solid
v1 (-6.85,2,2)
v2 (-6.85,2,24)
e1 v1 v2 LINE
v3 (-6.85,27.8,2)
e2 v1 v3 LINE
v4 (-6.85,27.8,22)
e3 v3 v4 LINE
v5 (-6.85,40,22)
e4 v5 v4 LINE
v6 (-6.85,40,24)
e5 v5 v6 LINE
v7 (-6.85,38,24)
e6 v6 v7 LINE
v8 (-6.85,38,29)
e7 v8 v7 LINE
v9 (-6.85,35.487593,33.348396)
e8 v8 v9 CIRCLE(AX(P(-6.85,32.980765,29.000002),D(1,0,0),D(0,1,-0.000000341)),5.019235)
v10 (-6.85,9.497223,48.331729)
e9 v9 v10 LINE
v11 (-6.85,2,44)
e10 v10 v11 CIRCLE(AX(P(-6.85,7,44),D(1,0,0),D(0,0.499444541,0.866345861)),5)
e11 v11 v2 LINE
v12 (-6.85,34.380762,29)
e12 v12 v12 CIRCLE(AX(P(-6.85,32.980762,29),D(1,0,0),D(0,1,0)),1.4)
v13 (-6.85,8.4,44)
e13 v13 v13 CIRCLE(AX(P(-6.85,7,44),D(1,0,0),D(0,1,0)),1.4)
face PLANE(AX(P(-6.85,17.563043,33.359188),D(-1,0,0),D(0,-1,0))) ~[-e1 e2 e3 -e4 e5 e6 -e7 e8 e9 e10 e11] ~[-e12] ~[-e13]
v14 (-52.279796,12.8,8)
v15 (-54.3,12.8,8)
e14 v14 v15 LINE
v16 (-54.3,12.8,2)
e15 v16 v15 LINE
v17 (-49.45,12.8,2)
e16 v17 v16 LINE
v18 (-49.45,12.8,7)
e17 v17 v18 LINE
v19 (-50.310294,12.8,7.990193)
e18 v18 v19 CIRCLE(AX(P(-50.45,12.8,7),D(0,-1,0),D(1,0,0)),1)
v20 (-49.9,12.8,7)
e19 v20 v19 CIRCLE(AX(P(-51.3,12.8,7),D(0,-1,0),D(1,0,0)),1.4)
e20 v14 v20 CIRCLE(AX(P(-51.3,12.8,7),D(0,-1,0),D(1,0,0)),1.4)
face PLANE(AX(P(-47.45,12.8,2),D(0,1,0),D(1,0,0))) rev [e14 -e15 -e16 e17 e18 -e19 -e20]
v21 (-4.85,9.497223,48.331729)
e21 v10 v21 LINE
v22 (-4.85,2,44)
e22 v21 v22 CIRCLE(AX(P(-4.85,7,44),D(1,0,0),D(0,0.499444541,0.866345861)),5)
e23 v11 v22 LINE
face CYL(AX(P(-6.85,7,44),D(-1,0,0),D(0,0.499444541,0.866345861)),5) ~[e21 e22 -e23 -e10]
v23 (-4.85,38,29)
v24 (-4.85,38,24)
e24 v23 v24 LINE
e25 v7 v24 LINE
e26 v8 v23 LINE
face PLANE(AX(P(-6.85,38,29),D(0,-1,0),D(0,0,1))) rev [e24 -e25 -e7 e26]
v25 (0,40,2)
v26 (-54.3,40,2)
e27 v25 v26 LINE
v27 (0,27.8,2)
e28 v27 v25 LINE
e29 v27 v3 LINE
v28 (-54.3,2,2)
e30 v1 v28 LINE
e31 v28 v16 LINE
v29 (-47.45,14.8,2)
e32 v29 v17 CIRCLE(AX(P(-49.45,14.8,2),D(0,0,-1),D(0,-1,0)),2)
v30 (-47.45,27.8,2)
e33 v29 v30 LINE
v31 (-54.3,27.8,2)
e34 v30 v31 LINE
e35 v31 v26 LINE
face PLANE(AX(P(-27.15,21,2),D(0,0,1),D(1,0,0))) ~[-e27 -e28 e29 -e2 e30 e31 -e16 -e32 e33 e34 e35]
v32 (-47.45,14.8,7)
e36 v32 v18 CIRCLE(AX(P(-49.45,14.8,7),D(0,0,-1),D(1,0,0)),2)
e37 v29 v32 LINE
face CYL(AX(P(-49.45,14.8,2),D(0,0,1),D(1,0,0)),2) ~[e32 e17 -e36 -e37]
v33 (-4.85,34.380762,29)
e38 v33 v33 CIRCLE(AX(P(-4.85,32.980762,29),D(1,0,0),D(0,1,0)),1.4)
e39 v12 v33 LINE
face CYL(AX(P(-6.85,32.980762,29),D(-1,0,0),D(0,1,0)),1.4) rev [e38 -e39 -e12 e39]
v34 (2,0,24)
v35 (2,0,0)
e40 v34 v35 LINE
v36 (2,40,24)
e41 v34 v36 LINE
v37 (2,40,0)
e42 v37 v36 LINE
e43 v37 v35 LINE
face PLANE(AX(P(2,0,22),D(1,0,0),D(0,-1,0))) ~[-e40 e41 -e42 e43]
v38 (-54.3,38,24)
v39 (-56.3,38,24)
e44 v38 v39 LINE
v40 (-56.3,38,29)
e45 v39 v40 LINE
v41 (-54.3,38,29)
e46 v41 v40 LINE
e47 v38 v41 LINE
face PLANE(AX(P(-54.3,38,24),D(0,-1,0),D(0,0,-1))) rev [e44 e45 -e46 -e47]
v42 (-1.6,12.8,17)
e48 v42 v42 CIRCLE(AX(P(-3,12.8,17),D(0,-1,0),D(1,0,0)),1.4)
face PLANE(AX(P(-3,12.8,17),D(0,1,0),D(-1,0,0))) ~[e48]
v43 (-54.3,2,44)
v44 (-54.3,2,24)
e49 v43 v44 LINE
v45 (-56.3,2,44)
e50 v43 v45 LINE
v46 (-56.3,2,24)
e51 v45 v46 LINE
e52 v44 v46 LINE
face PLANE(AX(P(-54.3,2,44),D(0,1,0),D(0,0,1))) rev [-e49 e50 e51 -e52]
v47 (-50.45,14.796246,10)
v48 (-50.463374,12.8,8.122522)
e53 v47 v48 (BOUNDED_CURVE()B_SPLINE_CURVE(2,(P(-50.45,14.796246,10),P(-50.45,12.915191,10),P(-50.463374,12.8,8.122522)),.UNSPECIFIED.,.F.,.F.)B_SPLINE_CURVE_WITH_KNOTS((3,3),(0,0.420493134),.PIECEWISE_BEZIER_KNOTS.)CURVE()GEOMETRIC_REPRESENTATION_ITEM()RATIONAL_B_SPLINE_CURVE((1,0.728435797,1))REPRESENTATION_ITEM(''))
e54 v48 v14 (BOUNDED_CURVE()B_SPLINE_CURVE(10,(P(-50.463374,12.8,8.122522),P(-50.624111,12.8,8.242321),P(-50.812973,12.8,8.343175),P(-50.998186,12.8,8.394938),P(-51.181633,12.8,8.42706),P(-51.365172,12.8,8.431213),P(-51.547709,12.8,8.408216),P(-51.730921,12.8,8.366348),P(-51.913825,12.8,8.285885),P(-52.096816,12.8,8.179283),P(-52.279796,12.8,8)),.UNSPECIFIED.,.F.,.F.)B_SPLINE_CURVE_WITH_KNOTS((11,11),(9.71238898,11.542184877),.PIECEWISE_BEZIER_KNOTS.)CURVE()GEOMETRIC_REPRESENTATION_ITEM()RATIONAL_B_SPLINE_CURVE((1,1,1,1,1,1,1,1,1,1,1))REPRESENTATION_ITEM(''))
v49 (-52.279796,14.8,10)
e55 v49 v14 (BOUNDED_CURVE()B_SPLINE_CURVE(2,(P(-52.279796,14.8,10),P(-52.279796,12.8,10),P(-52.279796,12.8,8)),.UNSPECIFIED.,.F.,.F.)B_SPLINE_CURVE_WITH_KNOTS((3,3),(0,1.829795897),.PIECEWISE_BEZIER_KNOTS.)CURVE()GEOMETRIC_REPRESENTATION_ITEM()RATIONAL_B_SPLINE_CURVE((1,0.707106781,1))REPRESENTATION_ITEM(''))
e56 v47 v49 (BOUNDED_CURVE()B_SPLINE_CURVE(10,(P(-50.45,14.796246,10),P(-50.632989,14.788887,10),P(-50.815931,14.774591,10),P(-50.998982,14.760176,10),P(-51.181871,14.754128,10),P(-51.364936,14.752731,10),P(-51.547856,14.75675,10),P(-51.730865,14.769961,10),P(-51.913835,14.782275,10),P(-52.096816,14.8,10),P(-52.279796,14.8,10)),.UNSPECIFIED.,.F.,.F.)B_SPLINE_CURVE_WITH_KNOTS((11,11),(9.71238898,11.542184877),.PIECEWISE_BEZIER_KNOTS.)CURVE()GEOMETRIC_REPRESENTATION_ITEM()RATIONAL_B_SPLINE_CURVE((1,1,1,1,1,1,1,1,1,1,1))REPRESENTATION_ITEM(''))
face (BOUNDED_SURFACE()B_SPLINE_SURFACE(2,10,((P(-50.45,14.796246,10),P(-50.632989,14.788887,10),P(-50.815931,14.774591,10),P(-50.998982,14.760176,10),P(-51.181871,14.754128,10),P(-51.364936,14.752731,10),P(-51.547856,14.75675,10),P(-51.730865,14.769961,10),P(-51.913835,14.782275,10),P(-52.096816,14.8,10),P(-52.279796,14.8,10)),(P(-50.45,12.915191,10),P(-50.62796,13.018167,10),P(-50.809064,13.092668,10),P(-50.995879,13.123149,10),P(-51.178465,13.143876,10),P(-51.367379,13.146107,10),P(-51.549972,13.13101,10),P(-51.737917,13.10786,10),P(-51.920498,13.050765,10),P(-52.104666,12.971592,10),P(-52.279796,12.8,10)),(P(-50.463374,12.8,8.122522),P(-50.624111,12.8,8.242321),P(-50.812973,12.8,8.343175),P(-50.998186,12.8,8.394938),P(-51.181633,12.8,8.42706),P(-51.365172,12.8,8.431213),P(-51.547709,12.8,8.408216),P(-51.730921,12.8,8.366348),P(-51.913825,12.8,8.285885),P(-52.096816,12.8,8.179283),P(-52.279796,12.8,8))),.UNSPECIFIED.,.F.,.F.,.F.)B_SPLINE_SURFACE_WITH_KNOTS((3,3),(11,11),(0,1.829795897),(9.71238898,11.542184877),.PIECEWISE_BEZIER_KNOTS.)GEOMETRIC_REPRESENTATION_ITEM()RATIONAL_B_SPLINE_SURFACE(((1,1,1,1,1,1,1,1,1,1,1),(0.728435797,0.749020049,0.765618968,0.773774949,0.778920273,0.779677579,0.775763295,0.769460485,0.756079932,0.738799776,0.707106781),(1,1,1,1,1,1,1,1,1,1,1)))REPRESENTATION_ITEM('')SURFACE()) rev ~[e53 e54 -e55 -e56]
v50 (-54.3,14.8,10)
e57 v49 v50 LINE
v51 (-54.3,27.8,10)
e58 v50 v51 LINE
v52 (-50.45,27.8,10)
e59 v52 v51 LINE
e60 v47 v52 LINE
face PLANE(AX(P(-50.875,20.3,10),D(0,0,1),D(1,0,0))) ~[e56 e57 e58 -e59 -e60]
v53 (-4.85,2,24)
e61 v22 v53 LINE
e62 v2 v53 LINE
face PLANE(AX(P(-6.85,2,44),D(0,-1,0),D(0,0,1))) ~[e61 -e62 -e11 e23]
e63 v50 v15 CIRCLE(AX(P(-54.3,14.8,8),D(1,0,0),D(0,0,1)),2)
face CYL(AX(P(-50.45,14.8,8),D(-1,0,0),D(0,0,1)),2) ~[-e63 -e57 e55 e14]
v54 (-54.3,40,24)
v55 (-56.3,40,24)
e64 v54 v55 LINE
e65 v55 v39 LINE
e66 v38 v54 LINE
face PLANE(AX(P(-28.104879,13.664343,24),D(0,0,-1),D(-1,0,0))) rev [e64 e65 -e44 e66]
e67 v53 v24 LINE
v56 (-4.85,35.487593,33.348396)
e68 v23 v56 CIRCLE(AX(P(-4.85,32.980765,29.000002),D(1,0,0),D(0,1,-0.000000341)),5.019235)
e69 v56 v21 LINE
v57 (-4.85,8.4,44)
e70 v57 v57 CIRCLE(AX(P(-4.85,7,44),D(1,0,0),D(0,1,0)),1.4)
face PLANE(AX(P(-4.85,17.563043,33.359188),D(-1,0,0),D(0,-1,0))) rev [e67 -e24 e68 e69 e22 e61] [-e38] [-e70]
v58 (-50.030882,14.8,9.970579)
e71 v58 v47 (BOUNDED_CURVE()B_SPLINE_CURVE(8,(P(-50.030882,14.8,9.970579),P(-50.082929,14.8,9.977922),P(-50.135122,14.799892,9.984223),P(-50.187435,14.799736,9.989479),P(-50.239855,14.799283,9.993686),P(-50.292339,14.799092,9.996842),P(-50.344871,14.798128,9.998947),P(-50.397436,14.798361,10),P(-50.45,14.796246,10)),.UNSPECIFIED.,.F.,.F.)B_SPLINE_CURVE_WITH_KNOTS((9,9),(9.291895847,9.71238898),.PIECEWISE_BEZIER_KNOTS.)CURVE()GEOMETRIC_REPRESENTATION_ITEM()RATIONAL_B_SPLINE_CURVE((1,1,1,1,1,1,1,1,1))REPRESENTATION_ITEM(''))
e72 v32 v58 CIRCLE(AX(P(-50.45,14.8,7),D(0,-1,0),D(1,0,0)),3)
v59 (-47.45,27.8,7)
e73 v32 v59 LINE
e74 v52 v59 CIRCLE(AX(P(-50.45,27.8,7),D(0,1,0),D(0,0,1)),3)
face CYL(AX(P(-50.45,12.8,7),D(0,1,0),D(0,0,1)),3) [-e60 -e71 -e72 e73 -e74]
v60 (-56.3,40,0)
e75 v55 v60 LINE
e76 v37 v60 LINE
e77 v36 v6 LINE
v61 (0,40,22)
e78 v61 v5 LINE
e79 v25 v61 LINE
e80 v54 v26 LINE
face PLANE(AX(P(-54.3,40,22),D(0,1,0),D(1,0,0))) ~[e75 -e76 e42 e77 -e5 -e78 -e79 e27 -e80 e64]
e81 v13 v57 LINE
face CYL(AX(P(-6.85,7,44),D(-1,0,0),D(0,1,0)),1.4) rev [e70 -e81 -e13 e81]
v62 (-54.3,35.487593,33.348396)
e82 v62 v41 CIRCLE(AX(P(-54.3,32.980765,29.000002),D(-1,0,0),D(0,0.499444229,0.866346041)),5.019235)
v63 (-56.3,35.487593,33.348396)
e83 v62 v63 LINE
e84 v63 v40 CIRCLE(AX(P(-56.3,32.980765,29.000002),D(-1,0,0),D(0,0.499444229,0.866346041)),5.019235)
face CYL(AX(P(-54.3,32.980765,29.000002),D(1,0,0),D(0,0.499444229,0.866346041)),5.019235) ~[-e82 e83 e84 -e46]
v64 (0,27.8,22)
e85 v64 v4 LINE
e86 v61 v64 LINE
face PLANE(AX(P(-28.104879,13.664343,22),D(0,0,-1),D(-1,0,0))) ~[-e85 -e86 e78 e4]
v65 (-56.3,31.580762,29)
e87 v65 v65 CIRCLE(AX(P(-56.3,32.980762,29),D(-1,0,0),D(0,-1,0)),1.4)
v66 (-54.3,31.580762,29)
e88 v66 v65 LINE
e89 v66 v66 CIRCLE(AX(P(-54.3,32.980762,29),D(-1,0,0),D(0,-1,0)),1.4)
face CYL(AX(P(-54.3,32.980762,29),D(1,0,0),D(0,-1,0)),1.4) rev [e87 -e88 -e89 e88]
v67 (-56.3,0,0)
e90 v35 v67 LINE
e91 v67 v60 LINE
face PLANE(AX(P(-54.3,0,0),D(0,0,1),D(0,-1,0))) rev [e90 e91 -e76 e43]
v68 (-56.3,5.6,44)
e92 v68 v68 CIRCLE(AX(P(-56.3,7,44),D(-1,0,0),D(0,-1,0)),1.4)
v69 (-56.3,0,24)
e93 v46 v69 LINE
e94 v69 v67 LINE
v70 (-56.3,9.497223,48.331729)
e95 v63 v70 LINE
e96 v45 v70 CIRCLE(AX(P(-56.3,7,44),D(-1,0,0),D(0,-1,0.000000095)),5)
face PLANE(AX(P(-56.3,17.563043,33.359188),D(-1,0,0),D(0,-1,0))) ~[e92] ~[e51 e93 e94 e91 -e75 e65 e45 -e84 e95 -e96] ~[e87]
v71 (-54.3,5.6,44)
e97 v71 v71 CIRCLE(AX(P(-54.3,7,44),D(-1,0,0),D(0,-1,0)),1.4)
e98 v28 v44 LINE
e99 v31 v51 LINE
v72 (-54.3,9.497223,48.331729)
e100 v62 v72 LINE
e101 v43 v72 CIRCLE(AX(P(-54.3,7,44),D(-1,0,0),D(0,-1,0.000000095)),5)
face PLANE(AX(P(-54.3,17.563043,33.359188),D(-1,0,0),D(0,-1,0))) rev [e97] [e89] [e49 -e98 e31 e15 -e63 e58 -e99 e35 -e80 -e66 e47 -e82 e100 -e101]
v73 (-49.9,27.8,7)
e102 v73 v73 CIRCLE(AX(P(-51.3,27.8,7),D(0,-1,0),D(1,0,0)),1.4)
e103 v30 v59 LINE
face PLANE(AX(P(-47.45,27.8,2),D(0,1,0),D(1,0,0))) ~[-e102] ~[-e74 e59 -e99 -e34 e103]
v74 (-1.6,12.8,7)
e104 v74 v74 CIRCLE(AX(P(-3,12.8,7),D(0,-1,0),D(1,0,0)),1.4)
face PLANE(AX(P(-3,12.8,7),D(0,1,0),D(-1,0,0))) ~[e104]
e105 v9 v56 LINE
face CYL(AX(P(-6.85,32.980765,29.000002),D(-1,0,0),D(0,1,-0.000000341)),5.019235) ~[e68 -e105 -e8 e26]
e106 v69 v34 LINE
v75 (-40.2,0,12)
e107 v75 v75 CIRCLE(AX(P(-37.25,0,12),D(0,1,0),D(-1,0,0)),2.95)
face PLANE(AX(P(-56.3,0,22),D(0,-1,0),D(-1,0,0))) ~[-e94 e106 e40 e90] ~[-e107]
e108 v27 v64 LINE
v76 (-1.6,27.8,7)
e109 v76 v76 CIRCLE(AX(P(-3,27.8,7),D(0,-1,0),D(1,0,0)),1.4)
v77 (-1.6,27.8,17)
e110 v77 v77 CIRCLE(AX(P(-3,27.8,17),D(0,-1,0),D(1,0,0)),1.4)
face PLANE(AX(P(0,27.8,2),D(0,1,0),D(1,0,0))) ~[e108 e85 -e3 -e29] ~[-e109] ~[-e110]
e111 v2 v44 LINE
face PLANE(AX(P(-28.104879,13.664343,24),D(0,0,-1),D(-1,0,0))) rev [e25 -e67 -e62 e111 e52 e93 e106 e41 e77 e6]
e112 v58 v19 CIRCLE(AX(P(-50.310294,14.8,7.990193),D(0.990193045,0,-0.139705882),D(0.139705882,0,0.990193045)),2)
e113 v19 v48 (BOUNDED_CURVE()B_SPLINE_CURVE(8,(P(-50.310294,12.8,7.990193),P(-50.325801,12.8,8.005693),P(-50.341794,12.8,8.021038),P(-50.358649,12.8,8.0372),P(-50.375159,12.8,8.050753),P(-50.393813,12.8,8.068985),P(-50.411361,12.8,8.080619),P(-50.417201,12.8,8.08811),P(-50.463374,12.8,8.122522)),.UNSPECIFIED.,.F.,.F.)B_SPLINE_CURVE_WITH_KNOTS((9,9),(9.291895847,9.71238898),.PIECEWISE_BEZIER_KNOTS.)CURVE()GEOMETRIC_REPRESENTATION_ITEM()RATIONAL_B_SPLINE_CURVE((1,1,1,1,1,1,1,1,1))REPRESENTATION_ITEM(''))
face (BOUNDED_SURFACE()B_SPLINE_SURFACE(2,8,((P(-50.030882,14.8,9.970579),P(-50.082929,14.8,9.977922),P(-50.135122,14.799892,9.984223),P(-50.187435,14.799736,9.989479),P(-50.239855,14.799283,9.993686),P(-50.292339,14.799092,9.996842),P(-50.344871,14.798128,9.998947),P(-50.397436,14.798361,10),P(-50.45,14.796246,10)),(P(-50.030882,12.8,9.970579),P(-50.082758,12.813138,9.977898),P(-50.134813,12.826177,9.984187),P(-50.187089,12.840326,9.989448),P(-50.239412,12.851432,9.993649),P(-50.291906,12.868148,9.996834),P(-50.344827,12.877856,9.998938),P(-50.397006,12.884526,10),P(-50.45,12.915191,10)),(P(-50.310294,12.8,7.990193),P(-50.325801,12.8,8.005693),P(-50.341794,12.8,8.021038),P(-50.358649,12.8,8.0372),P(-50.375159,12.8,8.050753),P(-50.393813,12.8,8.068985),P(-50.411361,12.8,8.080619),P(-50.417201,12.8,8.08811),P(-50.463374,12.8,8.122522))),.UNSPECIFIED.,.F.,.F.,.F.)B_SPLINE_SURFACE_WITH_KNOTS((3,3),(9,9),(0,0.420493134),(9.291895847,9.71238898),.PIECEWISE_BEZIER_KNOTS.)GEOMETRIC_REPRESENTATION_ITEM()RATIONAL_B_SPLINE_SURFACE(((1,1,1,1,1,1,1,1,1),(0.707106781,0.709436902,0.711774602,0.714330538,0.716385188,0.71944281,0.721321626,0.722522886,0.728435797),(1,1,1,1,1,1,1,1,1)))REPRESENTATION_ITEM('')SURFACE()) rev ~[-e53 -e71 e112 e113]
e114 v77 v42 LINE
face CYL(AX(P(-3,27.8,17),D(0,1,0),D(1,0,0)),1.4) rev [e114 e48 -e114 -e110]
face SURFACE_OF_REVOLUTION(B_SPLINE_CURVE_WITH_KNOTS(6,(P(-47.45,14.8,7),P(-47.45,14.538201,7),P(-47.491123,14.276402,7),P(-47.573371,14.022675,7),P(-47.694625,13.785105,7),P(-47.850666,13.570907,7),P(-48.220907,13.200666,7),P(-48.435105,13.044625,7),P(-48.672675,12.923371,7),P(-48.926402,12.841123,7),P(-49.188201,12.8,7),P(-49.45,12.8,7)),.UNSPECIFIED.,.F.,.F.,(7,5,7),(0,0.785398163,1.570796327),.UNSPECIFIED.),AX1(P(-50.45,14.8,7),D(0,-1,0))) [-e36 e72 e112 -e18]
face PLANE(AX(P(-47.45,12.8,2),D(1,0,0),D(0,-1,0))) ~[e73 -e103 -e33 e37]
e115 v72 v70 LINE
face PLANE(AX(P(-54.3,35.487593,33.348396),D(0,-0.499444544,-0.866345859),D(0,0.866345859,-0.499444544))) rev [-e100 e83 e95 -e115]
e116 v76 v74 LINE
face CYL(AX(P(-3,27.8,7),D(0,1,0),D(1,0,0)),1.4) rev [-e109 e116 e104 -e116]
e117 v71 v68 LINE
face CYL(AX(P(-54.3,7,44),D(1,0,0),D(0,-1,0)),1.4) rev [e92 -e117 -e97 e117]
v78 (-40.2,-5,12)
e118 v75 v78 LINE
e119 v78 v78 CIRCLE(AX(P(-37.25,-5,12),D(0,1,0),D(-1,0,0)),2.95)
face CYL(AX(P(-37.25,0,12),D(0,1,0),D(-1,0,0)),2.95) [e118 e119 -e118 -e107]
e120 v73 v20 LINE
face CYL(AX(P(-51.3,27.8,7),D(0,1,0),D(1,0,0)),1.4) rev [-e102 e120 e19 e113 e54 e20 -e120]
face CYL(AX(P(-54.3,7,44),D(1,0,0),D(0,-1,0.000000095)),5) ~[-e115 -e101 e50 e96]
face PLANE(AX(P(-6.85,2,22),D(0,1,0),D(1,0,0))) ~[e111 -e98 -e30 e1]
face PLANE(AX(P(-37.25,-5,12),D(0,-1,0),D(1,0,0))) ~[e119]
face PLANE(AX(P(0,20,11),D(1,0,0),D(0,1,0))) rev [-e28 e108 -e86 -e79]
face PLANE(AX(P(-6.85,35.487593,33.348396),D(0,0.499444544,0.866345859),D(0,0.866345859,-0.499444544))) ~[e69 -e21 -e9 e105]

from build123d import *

# Parameters (mm, degrees)
SKETCH_W        = 54.3
SKETCH_H        = 38
PAD_DEPTH       = 2
SKETCH001_W     = 54.3
SKETCH001_H     = 2
PAD001_DEPTH    = 22
SKETCH002_R     = 2.95
PAD002_DEPTH    = 5
SKETCH003_W     = 40
SKETCH003_H     = 22
PAD003_DEPTH    = 2
SKETCH004_W     = 40
SKETCH004_H     = 22
PAD004_DEPTH    = 2
SKETCH005_W     = 6.85
SKETCH005_H     = 15
PAD005_DEPTH    = 8
SKETCH006_R     = 1.4
POCKET_DEPTH    = 15
FILLET_R        = 3
FILLET001_R     = 2
SKETCH007_W     = 6.85
SKETCH007_H     = 25.8
PAD006_DEPTH    = 20
SKETCH008_R     = 1.4
POCKET001_DEPTH = 15
PAD007_DEPTH    = 2
SKETCH010_R     = 1.4
PAD008_DEPTH    = 2
SKETCH011_R     = 1.4
PAD009_DEPTH    = 2


with BuildPart() as body:
    # Sketch → Pad (new body)
    with BuildSketch(Plane.XY):
        with Locations((27.15, 21)):
            Rectangle(SKETCH_W, SKETCH_H)
    extrude(amount=PAD_DEPTH)

    # Sketch001 → Pad001 (join)
    with BuildSketch(Plane.XY):
        with Locations((27.15, 1)):
            Rectangle(SKETCH001_W, SKETCH001_H)
    extrude(amount=PAD001_DEPTH)

    # Sketch002 → Pad002 (join)
    with BuildSketch(Plane.XZ):
        with Locations((37.25, 12)):
            Circle(SKETCH002_R)
    extrude(amount=PAD002_DEPTH)

    # Sketch003 (on Face2 of Pad002) → Pad003 (join)
    with BuildSketch(Plane(origin=(0, 0, 0), x_dir=(0, -1, 0), z_dir=(-1, 0, 0))):
        with Locations((-20, 11)):
            Rectangle(SKETCH003_W, SKETCH003_H)
    extrude(amount=PAD003_DEPTH)

    # Sketch004 (on Face3 of Pad003) → Pad004 (join)
    with BuildSketch(Plane.YZ.offset(54.3)):
        with Locations((20, 11)):
            Rectangle(SKETCH004_W, SKETCH004_H)
    extrude(amount=PAD004_DEPTH)

    # Sketch005 (on Face5 of Pad004) → Pad005 (join)
    with BuildSketch(Plane.XY.offset(2)):
        with Locations((50.875, 20.3)):
            Rectangle(SKETCH005_W, SKETCH005_H)
    extrude(amount=PAD005_DEPTH)

    # Sketch006 (on Face15 of Pad005) → Pocket (cut)
    with BuildSketch(Plane(origin=(0, 27.8, 0), x_dir=(-1, 0, 0), z_dir=(0, 1, 0))):
        with Locations((-51.3, 7)):
            Circle(SKETCH006_R)
    extrude(amount=-POCKET_DEPTH, mode=Mode.SUBTRACT)

    # Fillet
    fillet_edges = [body.edges().sort_by_distance(p)[0] for p in [
        (47.45, 20.3, 10),
    ]]
    fillet(fillet_edges, radius=FILLET_R)

    # Fillet001
    fillet001_edges = [body.edges().sort_by_distance(p)[0] for p in [
        (52.375, 12.8, 10),
    ]]
    fillet(fillet001_edges, radius=FILLET001_R)

    # Sketch007 (on Face5 of Fillet001) → Pad006 (join)
    with BuildSketch(Plane.XY.offset(2)):
        with Locations((3.425, 14.9)):
            Rectangle(SKETCH007_W, SKETCH007_H)
    extrude(amount=PAD006_DEPTH)

    # Sketch008 (on Face14 of Pad006) → Pocket001 (cut)
    with BuildSketch(Plane(origin=(0, 27.8, 0), x_dir=(-1, 0, 0), z_dir=(0, 1, 0))):
        with Locations((-3, 7)):
            Circle(SKETCH008_R)
        with Locations((-3, 17)):
            Circle(SKETCH008_R)
    extrude(amount=-POCKET001_DEPTH, mode=Mode.SUBTRACT)

    # Sketch009 (on Face21 of Pocket001) → Pad007 (join)
    with BuildSketch(Plane.XY.offset(22)):
        Polygon((54.3, 2), (54.3, 40), (56.3, 40), (56.3, 0), (-2, 0), (-2, 40), (6.85, 40), (6.85, 2), align=None)
    extrude(amount=PAD007_DEPTH)

    # Sketch010 (on Face22 of Pad007) → Pad008 (join)
    with BuildSketch(Plane.YZ.offset(6.85)):
        with BuildLine():
            Line((2, 24), (38, 24))
            Line((38, 29), (38, 24))
            ThreePointArc((38, 29), (37.326745, 31.511013), (35.487593, 33.348396))
            Line((35.487593, 33.348396), (9.497223, 48.331729))
            ThreePointArc((9.497223, 48.331729), (4.498612, 48.329325), (2, 44))
            Line((2, 44), (2, 24))
        make_face()
        with Locations((7, 44)):
            Circle(SKETCH010_R, mode=Mode.SUBTRACT)
        with Locations((32.980762, 29)):
            Circle(SKETCH010_R, mode=Mode.SUBTRACT)
    extrude(amount=-PAD008_DEPTH)

    # Sketch011 (on Face20 of Pad008) → Pad009 (join)
    with BuildSketch(Plane(origin=(54.3, 0, 0), x_dir=(0, -1, 0), z_dir=(-1, 0, 0))):
        with BuildLine():
            Line((-38, 24), (-38, 29))
            ThreePointArc((-35.487593, 33.348396), (-37.326745, 31.511013), (-38, 29))
            Line((-35.487593, 33.348396), (-9.497223, 48.331729))
            ThreePointArc((-2, 44), (-4.498612, 48.329325), (-9.497223, 48.331729))
            Line((-2, 44), (-2, 24))
            Line((-2, 24), (-38, 24))
        make_face()
        with Locations((-7, 44)):
            Circle(SKETCH011_R, mode=Mode.SUBTRACT)
        with Locations((-32.980762, 29)):
            Circle(SKETCH011_R, mode=Mode.SUBTRACT)
    extrude(amount=-PAD009_DEPTH)


with BuildPart() as part_mirroring:
    # Part__Mirroring: instance of Body
    add(body.part.mirror(Plane(origin=(0, 0, 0), x_dir=(0, -1, 0), z_dir=(1, 0, 0))))


solid = part_mirroring.part
